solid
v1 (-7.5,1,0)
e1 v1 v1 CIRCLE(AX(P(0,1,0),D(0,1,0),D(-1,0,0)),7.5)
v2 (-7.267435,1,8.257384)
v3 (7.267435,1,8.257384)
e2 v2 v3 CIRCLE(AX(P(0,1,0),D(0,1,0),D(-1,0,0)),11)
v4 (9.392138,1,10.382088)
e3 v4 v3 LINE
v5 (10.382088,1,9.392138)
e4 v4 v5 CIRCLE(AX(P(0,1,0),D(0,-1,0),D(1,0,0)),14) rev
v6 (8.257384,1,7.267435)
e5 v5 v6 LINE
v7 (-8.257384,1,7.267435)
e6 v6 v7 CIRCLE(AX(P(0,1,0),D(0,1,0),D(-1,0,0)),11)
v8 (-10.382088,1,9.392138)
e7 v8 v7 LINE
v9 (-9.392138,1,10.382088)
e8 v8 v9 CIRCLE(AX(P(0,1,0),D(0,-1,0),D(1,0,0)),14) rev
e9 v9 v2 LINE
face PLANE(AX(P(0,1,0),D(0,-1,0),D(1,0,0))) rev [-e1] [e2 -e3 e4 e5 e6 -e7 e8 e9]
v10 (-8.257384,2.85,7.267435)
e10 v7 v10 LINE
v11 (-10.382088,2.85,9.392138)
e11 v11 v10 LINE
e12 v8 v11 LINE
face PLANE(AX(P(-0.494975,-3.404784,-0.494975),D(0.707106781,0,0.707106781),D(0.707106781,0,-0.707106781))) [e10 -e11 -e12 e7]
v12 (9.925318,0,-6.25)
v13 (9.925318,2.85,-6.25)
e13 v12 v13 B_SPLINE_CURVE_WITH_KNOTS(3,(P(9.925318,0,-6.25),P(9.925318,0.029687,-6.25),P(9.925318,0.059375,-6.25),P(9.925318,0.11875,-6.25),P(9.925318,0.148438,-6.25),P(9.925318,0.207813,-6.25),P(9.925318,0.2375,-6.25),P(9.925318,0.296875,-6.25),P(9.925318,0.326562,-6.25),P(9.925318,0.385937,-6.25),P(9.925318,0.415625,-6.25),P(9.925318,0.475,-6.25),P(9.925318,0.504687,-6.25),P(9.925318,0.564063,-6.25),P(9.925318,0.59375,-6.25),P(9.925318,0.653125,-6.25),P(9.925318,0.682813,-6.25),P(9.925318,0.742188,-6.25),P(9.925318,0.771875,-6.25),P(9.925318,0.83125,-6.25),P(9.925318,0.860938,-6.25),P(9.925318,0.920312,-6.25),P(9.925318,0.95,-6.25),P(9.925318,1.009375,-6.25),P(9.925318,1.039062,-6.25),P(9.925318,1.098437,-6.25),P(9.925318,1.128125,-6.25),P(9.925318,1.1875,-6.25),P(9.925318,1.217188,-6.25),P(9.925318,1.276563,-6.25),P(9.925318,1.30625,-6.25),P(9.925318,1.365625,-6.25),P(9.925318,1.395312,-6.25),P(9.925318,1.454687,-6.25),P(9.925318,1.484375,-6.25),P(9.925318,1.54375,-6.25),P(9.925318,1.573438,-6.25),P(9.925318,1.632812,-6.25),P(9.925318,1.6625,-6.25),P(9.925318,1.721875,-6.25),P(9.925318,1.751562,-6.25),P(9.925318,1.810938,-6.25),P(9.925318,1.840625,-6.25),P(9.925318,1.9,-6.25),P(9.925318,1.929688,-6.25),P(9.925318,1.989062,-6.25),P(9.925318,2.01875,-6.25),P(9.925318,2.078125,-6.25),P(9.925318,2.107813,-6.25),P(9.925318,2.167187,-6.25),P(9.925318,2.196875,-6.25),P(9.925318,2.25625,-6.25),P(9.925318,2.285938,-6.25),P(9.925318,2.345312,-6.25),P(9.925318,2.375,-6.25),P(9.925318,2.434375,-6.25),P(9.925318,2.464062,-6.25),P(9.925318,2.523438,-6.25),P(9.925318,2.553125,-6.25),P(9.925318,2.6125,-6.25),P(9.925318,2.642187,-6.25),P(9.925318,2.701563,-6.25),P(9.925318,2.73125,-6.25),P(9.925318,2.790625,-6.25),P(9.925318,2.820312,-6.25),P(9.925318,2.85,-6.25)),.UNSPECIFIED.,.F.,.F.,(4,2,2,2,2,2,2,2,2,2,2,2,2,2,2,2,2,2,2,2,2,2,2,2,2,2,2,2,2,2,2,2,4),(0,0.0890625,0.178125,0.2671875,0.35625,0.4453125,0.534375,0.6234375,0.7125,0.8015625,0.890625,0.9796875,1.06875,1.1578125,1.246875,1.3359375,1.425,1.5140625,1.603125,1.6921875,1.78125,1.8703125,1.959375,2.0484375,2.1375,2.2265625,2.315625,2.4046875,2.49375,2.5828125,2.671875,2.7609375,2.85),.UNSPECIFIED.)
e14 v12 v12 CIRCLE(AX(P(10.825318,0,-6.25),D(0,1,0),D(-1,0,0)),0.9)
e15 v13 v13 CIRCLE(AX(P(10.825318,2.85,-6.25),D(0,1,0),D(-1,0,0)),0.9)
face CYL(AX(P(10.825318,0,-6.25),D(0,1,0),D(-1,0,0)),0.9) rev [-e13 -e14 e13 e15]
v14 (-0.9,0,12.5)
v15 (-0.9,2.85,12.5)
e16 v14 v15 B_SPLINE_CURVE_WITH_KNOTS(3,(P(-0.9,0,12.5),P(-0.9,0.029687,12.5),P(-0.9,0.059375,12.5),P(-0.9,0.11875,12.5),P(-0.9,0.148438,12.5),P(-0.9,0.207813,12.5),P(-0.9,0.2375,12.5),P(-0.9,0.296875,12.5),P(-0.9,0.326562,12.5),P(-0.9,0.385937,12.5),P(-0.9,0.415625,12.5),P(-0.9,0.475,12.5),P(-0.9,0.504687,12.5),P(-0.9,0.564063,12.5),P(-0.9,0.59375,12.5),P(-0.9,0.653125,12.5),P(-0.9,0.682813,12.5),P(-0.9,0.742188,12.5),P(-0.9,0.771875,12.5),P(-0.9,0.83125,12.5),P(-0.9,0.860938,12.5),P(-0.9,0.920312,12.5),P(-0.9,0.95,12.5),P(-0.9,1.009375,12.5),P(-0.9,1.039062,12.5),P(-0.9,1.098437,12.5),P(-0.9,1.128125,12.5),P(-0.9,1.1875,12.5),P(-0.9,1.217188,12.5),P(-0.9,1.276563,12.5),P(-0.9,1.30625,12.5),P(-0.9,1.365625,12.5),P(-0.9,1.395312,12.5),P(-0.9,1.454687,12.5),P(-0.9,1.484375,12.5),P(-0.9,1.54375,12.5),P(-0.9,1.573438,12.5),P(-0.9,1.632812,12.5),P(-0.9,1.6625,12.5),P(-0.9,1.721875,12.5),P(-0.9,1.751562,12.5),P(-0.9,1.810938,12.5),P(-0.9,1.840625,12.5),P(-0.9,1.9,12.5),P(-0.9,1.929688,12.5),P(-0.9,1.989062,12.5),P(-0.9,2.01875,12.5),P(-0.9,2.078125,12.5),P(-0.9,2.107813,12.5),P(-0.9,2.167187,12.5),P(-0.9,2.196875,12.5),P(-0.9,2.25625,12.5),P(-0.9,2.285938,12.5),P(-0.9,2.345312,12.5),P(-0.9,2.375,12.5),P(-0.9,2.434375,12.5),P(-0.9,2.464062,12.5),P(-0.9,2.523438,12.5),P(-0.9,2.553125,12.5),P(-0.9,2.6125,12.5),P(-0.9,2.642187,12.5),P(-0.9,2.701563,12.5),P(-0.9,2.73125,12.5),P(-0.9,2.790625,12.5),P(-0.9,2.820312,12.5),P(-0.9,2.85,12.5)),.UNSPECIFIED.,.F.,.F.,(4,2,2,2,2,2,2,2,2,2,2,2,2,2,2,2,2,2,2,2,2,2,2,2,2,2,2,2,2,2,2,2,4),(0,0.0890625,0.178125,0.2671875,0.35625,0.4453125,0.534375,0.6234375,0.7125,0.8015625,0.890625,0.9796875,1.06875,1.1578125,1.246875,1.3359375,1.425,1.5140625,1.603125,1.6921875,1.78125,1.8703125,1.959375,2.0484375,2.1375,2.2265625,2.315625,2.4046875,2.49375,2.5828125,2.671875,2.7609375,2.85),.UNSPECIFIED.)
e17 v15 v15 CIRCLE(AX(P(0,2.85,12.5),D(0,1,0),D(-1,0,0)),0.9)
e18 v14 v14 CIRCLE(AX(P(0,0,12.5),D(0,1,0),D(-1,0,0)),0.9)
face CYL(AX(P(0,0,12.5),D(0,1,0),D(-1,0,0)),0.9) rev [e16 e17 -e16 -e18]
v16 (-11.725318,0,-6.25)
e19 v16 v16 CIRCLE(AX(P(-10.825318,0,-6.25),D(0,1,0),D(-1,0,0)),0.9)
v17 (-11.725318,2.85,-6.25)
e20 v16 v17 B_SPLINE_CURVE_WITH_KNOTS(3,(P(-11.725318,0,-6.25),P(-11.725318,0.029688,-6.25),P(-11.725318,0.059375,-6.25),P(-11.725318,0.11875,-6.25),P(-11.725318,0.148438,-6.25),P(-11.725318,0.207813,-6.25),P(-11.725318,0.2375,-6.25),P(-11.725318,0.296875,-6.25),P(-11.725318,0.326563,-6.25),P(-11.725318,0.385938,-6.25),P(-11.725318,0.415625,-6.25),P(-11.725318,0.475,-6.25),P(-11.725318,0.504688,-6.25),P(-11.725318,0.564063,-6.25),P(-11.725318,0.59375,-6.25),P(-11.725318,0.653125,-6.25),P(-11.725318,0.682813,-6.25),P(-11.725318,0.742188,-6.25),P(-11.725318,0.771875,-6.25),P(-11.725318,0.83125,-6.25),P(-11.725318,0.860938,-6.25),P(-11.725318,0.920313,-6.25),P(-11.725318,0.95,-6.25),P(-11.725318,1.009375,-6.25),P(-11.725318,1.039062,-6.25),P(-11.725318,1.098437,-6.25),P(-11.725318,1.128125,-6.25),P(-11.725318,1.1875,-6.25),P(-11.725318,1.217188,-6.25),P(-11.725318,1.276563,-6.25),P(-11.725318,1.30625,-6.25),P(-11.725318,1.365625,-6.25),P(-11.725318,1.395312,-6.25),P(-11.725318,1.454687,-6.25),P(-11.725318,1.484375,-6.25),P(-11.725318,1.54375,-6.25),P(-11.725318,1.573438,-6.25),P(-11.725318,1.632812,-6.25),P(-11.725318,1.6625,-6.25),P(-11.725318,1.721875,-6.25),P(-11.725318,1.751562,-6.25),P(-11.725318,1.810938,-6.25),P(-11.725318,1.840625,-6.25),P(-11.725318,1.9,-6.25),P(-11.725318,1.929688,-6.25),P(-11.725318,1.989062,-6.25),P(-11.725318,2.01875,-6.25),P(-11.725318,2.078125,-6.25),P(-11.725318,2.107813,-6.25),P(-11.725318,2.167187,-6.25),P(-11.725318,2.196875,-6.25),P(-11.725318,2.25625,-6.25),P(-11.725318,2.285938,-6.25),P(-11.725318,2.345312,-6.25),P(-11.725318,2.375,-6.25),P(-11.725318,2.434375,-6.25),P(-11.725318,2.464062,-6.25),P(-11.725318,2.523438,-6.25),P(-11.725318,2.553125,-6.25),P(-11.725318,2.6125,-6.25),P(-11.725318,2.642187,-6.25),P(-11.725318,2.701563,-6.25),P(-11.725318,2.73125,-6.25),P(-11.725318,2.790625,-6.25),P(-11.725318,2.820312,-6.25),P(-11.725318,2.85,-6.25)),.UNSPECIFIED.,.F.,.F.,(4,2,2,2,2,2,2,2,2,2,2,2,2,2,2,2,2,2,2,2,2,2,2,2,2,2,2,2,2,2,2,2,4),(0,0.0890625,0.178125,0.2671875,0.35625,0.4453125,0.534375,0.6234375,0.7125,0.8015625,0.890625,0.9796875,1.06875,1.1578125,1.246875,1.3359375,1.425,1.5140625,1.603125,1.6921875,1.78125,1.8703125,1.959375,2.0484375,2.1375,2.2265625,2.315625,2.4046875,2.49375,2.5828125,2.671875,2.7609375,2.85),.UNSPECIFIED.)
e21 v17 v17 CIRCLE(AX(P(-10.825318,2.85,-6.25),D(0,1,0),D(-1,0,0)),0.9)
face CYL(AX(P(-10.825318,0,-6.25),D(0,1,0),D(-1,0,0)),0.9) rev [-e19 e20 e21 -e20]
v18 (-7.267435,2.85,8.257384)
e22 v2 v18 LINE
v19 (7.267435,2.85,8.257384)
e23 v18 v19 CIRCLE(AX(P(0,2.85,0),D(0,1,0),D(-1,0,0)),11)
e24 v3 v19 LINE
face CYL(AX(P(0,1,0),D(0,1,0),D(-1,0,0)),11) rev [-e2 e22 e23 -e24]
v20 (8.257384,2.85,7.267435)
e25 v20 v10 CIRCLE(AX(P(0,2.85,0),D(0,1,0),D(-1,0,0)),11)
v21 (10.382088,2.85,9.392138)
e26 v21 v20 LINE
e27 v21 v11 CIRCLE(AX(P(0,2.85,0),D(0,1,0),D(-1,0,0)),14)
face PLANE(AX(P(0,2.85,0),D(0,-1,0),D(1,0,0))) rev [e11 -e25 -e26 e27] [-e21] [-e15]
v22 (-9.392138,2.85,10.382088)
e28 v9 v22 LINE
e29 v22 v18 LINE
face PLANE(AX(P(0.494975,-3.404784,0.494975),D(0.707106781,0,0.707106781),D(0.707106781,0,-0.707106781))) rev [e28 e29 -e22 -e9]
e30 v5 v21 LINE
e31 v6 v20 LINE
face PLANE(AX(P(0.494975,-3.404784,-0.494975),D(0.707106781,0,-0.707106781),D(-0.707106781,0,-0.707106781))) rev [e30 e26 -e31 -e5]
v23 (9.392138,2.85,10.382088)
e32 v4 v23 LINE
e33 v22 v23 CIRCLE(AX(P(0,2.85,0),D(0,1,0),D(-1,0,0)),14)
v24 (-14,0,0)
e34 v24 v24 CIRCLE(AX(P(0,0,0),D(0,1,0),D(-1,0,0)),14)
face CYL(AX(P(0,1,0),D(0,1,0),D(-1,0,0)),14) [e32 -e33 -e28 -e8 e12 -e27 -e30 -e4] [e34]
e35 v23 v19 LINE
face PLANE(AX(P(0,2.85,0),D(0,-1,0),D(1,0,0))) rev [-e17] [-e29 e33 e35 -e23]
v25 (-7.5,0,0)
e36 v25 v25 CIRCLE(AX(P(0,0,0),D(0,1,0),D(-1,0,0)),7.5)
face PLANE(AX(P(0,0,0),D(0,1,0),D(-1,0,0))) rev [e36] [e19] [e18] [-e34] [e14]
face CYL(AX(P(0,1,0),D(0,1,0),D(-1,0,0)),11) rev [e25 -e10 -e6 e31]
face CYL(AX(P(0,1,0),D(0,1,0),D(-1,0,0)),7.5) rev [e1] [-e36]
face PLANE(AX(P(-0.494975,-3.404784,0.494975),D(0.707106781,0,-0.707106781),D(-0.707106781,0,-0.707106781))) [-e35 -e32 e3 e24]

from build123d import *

# Parameters (mm, degrees)
CUT_EXTRUDE1_DEPTH = 1.85
SKETCH4_R          = 0.9
CUT_EXTRUDE2_DEPTH = 21.003062266


with BuildPart() as part:
    # Sketch1 → Revolve1 (revolve)
    with BuildSketch(Plane.XY, mode=Mode.PRIVATE) as revolve1_sk:
        Polygon((7.5, 1), (7.5, 0), (14, 0), (14, 2.85), (11, 2.85), (11, 1), align=None)
    revolve(revolve1_sk.sketch.rotate(Axis((0, 1, 0), (0, -1, 0)), 180), axis=Axis((0, 1, 0), (0, -1, 0)))

    # Sketch2 → Cut-Extrude1 (cut)
    with BuildSketch(Plane(origin=(0, 2.85, 0), x_dir=(1, 0, 0), z_dir=(0, 1, 0))):
        with BuildLine():
            ThreePointArc((-7.267434673, -8.257384167), (-7.526619427, -8.021845174), (-7.778174593, -7.778174593))
            Line((-7.778174593, -7.778174593), (-9.899494937, -9.899494937))
            ThreePointArc((-9.899494937, -9.899494937), (-9.648834126, -10.143963722), (-9.392138077, -10.382087571))
            Line((-9.392138077, -10.382087571), (-7.267434673, -8.257384167))
        make_face()
        with BuildLine():
            Line((-9.899494937, -9.899494937), (-7.778174593, -7.778174593))
            ThreePointArc((-7.778174593, -7.778174593), (-8.021845174, -7.526619427), (-8.257384167, -7.267434673))
            Line((-8.257384167, -7.267434673), (-10.382087571, -9.392138077))
            ThreePointArc((-10.382087571, -9.392138077), (-10.143963722, -9.648834126), (-9.899494937, -9.899494937))
        make_face()
        with BuildLine():
            Line((10.382087571, -9.392138077), (8.257384167, -7.267434673))
            ThreePointArc((8.257384167, -7.267434673), (7.778174593, -7.778174593), (7.267434673, -8.257384167))
            Line((7.267434673, -8.257384167), (9.392138077, -10.382087571))
            ThreePointArc((9.392138077, -10.382087571), (9.648834126, -10.143963722), (9.899494937, -9.899494937))
            ThreePointArc((9.899494937, -9.899494937), (10.143963722, -9.648834126), (10.382087571, -9.392138077))
        make_face()
    extrude(amount=-CUT_EXTRUDE1_DEPTH, mode=Mode.SUBTRACT)

    # Sketch4 → Cut-Extrude2 (cut, through all)
    with BuildSketch(Plane(origin=(0, 2.85, 0), x_dir=(1, 0, 0), z_dir=(0, 1, 0))):
        with Locations(Location((-10.825317547, 6.25, 0), (0, 0, 180))):
            Circle(SKETCH4_R)
        with Locations(Location((10.825317547, 6.25, 0), (0, 0, 180))):
            Circle(SKETCH4_R)
        with Locations(Location((0, -12.5, 0), (0, 0, 180))):
            Circle(SKETCH4_R)
    extrude(amount=-CUT_EXTRUDE2_DEPTH, mode=Mode.SUBTRACT)


solid = part.part
